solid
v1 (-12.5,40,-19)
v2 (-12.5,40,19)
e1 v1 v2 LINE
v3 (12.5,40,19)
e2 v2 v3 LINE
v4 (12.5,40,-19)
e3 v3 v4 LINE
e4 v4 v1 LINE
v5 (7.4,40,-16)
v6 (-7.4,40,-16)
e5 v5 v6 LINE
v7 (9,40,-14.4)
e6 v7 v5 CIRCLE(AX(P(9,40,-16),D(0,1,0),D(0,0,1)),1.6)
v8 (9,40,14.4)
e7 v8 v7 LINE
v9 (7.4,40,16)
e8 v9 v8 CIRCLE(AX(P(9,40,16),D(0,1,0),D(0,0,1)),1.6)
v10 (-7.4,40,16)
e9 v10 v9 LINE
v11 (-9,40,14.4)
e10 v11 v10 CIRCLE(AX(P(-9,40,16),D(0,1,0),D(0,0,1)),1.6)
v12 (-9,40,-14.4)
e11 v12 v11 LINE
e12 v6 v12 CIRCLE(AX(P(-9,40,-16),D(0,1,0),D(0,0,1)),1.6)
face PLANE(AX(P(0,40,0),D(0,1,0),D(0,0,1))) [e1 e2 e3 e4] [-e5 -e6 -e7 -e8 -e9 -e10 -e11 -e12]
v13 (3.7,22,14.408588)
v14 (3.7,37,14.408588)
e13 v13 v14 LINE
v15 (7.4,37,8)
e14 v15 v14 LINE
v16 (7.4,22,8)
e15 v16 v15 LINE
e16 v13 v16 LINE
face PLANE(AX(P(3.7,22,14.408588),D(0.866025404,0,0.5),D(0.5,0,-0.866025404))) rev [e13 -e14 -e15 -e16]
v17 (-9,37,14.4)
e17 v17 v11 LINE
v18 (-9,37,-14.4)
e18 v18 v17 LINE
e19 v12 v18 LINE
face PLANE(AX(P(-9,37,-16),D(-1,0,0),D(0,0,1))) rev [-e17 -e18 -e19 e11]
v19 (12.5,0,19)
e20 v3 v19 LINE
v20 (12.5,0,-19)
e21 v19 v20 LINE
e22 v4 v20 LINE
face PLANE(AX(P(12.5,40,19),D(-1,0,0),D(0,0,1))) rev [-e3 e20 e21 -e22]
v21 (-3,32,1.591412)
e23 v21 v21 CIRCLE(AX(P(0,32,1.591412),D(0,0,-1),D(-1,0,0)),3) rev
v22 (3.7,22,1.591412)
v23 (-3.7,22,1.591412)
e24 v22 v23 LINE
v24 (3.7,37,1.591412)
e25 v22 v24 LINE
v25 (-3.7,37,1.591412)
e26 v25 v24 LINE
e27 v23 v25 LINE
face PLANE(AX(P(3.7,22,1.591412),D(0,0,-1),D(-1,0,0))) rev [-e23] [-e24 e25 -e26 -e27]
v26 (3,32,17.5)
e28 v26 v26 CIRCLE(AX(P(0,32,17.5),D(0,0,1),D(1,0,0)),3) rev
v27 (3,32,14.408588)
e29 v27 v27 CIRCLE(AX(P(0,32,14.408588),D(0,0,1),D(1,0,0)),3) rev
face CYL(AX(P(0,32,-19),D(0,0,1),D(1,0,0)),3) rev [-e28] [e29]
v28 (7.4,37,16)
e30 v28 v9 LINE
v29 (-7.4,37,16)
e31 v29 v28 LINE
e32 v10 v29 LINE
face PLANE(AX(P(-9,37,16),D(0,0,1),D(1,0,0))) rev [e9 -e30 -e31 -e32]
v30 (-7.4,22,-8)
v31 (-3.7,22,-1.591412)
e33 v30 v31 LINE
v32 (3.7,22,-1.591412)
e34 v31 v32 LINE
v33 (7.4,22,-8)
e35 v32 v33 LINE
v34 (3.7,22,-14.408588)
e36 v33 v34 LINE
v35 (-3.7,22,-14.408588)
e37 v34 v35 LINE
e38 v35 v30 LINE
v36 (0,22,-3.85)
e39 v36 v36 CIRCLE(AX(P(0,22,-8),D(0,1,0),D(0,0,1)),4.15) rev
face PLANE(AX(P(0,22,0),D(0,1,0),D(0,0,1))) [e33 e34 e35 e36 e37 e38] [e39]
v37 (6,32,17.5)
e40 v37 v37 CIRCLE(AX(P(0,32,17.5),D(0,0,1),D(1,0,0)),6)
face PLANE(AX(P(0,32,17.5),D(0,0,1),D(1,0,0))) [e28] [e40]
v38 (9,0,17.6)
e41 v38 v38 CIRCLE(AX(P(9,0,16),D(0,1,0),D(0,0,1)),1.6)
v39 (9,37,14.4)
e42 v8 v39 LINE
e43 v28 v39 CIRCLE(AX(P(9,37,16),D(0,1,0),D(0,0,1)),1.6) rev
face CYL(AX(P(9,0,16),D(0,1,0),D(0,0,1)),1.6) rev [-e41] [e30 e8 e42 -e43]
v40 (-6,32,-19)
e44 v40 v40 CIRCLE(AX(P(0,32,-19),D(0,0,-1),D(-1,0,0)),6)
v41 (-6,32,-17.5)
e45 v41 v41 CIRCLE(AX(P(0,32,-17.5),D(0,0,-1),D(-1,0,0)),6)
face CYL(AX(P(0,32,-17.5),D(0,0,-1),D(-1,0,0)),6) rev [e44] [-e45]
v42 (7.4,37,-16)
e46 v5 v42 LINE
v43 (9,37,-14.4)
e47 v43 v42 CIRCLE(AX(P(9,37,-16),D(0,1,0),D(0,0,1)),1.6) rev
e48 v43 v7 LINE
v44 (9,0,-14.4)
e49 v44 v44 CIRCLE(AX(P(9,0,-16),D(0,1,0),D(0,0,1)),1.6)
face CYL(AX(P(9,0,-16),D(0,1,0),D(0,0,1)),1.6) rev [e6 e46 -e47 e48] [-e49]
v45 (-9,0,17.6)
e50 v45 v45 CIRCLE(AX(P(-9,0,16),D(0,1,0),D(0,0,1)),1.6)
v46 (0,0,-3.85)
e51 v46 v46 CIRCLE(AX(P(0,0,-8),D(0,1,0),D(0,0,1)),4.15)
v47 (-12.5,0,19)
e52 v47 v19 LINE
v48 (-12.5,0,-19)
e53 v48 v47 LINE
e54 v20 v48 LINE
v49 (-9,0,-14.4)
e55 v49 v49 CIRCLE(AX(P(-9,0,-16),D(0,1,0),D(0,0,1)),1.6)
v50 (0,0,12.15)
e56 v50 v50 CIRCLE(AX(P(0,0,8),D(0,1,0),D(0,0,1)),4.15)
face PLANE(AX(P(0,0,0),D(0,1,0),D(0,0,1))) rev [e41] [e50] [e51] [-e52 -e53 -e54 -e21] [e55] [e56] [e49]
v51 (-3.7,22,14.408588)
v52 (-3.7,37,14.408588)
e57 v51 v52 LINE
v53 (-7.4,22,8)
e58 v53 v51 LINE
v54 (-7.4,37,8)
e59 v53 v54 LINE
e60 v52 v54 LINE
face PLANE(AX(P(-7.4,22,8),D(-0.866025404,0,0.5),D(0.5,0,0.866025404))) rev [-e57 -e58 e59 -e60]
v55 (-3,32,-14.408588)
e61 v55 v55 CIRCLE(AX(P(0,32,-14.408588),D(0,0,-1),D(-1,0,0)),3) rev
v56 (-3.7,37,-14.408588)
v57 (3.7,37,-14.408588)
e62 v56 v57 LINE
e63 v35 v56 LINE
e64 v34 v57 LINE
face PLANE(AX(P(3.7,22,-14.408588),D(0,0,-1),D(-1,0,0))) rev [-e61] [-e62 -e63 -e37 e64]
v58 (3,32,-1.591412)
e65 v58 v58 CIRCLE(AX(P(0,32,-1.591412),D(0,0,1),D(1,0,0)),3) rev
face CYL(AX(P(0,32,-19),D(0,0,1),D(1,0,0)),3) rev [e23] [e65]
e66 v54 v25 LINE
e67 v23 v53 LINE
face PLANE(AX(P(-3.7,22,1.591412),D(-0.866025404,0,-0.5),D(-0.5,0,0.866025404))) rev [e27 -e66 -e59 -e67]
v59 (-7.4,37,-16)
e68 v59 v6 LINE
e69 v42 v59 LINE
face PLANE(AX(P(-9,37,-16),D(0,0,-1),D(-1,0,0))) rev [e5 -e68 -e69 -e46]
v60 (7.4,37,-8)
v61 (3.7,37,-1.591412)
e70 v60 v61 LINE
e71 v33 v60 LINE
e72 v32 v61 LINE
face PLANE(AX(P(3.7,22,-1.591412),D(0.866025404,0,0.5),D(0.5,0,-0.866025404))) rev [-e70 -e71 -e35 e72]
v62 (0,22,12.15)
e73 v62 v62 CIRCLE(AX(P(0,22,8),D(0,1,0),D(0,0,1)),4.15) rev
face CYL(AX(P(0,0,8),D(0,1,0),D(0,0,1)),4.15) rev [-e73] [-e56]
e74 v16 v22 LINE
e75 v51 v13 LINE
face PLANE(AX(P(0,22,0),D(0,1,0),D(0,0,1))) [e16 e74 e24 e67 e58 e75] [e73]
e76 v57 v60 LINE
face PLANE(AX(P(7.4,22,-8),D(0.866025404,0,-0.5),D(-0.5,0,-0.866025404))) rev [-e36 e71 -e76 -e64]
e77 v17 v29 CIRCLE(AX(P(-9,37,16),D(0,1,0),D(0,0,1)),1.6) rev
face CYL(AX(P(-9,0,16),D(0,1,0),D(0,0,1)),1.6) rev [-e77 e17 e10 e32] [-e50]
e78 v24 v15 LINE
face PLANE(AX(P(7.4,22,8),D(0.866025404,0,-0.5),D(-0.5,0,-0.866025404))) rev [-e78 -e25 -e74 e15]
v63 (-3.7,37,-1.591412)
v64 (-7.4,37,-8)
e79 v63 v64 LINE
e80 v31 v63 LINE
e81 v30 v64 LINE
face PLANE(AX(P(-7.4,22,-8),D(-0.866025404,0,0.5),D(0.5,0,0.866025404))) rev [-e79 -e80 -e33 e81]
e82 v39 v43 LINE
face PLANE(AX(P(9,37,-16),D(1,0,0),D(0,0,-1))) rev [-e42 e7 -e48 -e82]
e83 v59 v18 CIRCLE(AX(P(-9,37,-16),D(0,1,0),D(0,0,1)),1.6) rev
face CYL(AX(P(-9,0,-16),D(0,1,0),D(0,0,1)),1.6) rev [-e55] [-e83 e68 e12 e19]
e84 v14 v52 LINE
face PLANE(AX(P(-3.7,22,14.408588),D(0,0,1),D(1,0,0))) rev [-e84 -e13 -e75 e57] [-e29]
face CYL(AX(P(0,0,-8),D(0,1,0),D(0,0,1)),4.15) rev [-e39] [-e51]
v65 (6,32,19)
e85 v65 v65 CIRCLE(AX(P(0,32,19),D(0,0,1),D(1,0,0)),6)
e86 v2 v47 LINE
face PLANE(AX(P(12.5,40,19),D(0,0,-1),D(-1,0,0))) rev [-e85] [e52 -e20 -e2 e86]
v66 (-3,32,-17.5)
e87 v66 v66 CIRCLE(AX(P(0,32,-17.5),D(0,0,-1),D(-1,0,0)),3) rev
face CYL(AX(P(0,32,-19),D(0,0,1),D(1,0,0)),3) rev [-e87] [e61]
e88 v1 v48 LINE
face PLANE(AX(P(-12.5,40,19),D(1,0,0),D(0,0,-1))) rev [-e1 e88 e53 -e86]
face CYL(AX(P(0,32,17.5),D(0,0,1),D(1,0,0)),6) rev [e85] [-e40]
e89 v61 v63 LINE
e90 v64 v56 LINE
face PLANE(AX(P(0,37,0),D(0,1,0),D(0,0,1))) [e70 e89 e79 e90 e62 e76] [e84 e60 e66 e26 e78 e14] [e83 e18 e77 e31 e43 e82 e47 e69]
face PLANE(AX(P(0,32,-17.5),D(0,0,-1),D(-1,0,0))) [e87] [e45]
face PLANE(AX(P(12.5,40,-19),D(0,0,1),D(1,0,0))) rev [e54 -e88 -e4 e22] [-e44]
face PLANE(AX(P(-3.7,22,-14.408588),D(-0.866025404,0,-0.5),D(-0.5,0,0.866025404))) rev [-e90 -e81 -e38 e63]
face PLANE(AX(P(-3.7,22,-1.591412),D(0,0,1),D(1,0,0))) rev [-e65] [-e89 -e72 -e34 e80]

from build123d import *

# Parameters (mm, degrees)
SKETCH1_W           = 25
SKETCH1_H           = 38
BOSS_EXTRUDE1_DEPTH = 40
SKETCH2_R           = 3
CUT_EXTRUDE1_DEPTH  = 39
SKETCH4_R           = 4.15
CUT_EXTRUDE2_DEPTH  = 41
CUT_EXTRUDE3_DEPTH  = 18
SKETCH6_R           = 1.6
CUT_EXTRUDE4_DEPTH  = 41
SKETCH7_W           = 18
SKETCH7_H           = 32
CUT_EXTRUDE5_DEPTH  = 3
SKETCH9_R           = 6
CUT_EXTRUDE6_DEPTH  = 1.5
SKETCH10_R          = 6
CUT_EXTRUDE7_DEPTH  = 1.5


with BuildPart() as part:
    # Sketch1 → Boss-Extrude1 (new body)
    with BuildSketch(Plane(origin=(0, 0, 0), x_dir=(1, 0, 0), z_dir=(0, 1, 0))):
        Rectangle(SKETCH1_W, SKETCH1_H)
    extrude(amount=BOSS_EXTRUDE1_DEPTH)

    # Sketch2 → Cut-Extrude1 (cut, through all)
    with BuildSketch(Plane.XY.offset(19)):
        with Locations((0, 32)):
            Circle(SKETCH2_R)
    extrude(amount=-CUT_EXTRUDE1_DEPTH, mode=Mode.SUBTRACT)

    # Sketch4 → Cut-Extrude2 (cut, through all)
    with BuildSketch(Plane(origin=(0, 40, 0), x_dir=(1, 0, 0), z_dir=(0, 1, 0))):
        with Locations((0, -8)):
            Circle(SKETCH4_R)
        with Locations((0, 8)):
            Circle(SKETCH4_R)
    extrude(amount=-CUT_EXTRUDE2_DEPTH, mode=Mode.SUBTRACT)

    # Sketch5 → Cut-Extrude3 (cut)
    with BuildSketch(Plane(origin=(0, 40, 0), x_dir=(1, 0, 0), z_dir=(0, 1, 0))):
        Polygon((-3.7, -14.408587988), (3.7, -14.408587988), (7.4, -8), (3.7, -1.591412012), (-3.7, -1.591412012), (-7.4, -8), align=None)
        Polygon((-3.7, 14.408587988), (-7.4, 8), (-3.7, 1.591412012), (3.7, 1.591412012), (7.4, 8), (3.7, 14.408587988), align=None)
    extrude(amount=-CUT_EXTRUDE3_DEPTH, mode=Mode.SUBTRACT)

    # Sketch6 → Cut-Extrude4 (cut, through all)
    with BuildSketch(Plane(origin=(0, 40, 0), x_dir=(1, 0, 0), z_dir=(0, 1, 0))):
        with Locations((9, -16)):
            Circle(SKETCH6_R)
        with Locations((-9, -16)):
            Circle(SKETCH6_R)
        with Locations((-9, 16)):
            Circle(SKETCH6_R)
        with Locations((9, 16)):
            Circle(SKETCH6_R)
    extrude(amount=-CUT_EXTRUDE4_DEPTH, mode=Mode.SUBTRACT)

    # Sketch7 → Cut-Extrude5 (cut)
    with BuildSketch(Plane(origin=(0, 40, 0), x_dir=(1, 0, 0), z_dir=(0, 1, 0))):
        Rectangle(SKETCH7_W, SKETCH7_H)
    extrude(amount=-CUT_EXTRUDE5_DEPTH, mode=Mode.SUBTRACT)

    # Sketch9 → Cut-Extrude6 (cut)
    with BuildSketch(Plane(origin=(0, 0, -19), x_dir=(-1, 0, 0), z_dir=(0, 0, -1))):
        with Locations((0, 32)):
            Circle(SKETCH9_R)
    extrude(amount=-CUT_EXTRUDE6_DEPTH, mode=Mode.SUBTRACT)

    # Sketch10 → Cut-Extrude7 (cut)
    with BuildSketch(Plane.XY.offset(19)):
        with Locations((0, 32)):
            Circle(SKETCH10_R)
    extrude(amount=-CUT_EXTRUDE7_DEPTH, mode=Mode.SUBTRACT)


solid = part.part
